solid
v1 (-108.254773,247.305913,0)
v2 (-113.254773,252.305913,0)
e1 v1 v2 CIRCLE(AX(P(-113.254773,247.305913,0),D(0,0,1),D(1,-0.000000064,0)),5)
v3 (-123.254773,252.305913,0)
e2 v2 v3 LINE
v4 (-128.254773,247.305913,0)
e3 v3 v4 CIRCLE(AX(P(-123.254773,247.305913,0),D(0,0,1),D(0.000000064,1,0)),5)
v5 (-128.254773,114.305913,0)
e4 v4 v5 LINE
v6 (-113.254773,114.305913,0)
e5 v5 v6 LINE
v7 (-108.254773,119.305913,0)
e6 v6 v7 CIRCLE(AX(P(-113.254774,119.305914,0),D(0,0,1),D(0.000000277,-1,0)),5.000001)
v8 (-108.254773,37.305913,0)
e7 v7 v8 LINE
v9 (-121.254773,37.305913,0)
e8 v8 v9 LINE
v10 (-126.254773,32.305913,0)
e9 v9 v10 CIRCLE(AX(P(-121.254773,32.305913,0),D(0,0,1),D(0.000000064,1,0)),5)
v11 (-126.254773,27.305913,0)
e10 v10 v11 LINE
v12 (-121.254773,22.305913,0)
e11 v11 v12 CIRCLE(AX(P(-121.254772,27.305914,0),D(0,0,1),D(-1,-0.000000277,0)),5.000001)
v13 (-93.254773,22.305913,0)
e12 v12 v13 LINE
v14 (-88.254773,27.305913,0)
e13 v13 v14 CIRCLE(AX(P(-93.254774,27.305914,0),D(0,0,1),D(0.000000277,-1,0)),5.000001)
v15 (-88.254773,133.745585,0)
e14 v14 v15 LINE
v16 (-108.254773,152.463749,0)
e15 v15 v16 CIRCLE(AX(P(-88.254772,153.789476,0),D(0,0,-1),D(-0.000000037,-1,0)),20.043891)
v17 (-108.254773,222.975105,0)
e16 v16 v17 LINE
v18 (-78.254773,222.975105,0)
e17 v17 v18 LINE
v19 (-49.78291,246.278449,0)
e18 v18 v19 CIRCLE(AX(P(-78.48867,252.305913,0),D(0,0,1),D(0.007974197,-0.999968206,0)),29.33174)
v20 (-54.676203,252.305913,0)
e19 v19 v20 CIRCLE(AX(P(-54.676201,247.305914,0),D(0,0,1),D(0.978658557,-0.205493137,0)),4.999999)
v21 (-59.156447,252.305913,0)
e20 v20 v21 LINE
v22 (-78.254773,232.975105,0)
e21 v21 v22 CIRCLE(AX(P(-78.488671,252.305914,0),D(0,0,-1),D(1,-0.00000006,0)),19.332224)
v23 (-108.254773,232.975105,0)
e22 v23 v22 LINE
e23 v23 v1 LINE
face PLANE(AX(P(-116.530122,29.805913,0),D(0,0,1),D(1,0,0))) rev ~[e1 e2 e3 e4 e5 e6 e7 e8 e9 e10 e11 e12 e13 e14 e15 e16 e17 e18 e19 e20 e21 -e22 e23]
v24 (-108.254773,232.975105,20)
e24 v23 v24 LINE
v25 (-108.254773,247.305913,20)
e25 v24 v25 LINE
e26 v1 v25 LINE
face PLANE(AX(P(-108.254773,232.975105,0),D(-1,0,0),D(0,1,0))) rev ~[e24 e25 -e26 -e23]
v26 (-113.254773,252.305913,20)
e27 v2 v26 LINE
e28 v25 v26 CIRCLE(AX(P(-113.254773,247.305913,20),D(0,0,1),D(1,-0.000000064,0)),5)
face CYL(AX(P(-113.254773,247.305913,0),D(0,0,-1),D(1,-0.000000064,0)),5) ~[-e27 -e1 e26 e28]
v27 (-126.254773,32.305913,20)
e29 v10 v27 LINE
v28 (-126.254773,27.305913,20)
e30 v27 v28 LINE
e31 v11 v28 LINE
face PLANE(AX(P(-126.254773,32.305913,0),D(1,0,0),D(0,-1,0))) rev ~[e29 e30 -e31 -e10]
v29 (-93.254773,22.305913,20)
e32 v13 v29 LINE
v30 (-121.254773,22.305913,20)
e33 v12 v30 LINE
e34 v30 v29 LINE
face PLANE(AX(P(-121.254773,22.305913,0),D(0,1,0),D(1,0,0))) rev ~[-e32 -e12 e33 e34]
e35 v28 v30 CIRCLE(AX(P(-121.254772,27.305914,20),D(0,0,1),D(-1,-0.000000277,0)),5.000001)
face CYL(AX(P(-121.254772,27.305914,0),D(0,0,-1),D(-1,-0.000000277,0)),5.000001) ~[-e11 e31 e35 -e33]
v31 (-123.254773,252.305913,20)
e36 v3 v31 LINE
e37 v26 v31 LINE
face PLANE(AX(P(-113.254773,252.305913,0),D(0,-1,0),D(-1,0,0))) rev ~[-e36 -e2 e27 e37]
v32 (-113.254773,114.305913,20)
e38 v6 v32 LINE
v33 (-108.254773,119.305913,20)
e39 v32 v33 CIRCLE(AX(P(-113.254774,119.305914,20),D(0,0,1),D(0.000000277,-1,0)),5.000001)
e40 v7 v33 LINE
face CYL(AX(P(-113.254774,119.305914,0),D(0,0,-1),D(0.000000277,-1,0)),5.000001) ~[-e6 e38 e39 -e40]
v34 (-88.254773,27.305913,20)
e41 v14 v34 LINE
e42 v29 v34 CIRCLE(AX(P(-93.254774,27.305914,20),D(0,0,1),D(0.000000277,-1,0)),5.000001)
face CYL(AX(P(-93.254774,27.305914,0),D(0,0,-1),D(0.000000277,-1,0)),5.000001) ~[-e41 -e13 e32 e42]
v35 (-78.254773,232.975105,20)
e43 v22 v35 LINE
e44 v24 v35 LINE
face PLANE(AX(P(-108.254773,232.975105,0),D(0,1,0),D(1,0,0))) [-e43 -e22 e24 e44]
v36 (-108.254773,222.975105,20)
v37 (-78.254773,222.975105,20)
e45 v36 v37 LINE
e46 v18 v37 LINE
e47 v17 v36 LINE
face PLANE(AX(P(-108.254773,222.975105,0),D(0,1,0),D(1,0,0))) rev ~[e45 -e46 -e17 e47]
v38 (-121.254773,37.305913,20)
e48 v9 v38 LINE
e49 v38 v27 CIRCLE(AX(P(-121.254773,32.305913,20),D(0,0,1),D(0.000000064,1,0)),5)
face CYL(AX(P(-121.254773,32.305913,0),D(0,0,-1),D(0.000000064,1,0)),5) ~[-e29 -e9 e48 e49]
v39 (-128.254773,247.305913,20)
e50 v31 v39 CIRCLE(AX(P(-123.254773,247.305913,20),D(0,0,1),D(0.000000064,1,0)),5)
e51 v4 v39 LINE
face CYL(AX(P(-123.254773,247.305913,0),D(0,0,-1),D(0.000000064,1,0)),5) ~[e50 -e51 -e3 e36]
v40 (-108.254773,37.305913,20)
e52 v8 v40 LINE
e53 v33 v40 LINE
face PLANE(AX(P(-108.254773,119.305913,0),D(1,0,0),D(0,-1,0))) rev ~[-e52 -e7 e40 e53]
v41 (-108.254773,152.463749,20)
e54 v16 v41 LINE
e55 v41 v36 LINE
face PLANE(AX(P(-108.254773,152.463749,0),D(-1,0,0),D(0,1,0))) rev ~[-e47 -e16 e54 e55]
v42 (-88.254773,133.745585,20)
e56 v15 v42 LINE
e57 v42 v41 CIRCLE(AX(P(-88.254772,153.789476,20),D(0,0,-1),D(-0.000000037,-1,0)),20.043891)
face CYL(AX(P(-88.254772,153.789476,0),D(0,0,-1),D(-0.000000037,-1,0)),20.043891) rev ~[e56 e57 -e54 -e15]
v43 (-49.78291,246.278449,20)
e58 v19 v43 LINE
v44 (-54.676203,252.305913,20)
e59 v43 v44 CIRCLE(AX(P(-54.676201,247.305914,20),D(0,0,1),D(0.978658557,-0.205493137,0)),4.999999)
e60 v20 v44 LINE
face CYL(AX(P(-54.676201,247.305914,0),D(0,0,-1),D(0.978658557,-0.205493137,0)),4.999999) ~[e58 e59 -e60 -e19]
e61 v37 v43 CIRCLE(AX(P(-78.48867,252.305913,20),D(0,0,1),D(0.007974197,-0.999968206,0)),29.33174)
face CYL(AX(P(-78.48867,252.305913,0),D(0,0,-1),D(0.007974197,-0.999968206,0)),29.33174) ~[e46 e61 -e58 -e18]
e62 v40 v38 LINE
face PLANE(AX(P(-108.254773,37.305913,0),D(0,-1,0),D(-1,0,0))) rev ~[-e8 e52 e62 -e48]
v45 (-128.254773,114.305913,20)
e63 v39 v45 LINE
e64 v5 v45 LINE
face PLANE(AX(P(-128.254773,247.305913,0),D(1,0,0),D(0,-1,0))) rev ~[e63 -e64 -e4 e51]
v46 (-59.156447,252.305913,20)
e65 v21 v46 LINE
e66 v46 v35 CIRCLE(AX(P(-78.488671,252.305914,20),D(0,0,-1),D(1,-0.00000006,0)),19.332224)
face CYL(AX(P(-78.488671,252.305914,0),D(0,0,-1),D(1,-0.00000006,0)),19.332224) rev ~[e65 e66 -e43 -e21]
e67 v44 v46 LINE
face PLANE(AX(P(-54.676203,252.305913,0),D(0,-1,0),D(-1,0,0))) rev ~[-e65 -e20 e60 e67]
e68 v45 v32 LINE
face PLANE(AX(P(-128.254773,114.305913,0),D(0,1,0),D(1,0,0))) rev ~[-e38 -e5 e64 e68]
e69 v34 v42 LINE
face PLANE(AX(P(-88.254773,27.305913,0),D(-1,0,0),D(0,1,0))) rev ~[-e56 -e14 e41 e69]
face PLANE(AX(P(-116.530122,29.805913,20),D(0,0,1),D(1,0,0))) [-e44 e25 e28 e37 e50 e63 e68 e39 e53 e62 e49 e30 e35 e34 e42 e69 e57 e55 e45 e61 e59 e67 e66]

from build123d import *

# Parameters (mm, degrees)
F0_W     = 30
F0_H     = 10
F1_DEPTH = 20


with BuildPart() as f1:
    # F0 (on Top) → F1 (new body)
    with BuildSketch(Plane.XY):
        with BuildLine():
            Line((-108.254773, 37.305913), (-121.254773, 37.305913))
            ThreePointArc((-121.254773, 37.305913), (-124.790307, 35.841447), (-126.254773, 32.305913))
            Line((-126.254773, 32.305913), (-126.254773, 27.305913))
            ThreePointArc((-126.254773, 27.305913), (-124.790307, 23.77038), (-121.254773, 22.305913))
            Line((-121.254773, 22.305913), (-108.254773, 22.305913))
            Line((-108.254773, 22.305913), (-108.254773, 37.305913))
        make_face()
        with BuildLine():
            Line((-78.254773, 232.975105), (-78.254773, 222.975105))
            ThreePointArc((-78.254773, 222.975105), (-59.910796, 229.607596), (-49.78291, 246.278449))
            ThreePointArc((-49.78291, 246.278449), (-50.794365, 250.457316), (-54.676203, 252.305913))
            Line((-54.676203, 252.305913), (-59.156447, 252.305913))
            ThreePointArc((-59.156447, 252.305913), (-64.736278, 238.718914), (-78.254773, 232.975105))
        make_face()
        with BuildLine():
            Line((-108.254773, 152.463749), (-108.254773, 129.305913))
            Line((-108.254773, 129.305913), (-88.254773, 129.305913))
            Line((-88.254773, 129.305913), (-88.254773, 133.745585))
            ThreePointArc((-88.254773, 133.745585), (-101.951211, 139.155094), (-108.254773, 152.463749))
        make_face()
        with BuildLine():
            ThreePointArc((-113.254773, 114.305913), (-109.719239, 115.77038), (-108.254773, 119.305913))
            Line((-108.254773, 119.305913), (-108.254773, 129.305913))
            Line((-108.254773, 129.305913), (-128.254773, 129.305913))
            Line((-128.254773, 129.305913), (-128.254773, 114.305913))
            Line((-128.254773, 114.305913), (-113.254773, 114.305913))
        make_face()
        with Locations((-93.254773, 227.975105)):
            Rectangle(F0_W, F0_H)
        with BuildLine():
            Line((-108.254773, 119.305913), (-108.254773, 37.305913))
            Line((-108.254773, 37.305913), (-108.254773, 22.305913))
            Line((-108.254773, 22.305913), (-93.254773, 22.305913))
            ThreePointArc((-93.254773, 22.305913), (-89.719239, 23.77038), (-88.254773, 27.305913))
            Line((-88.254773, 27.305913), (-88.254773, 129.305913))
            Line((-88.254773, 129.305913), (-108.254773, 129.305913))
            Line((-108.254773, 129.305913), (-108.254773, 119.305913))
        make_face()
        with BuildLine():
            Line((-128.254773, 129.305913), (-108.254773, 129.305913))
            Line((-108.254773, 129.305913), (-108.254773, 152.463749))
            Line((-108.254773, 152.463749), (-108.254773, 222.975105))
            Line((-108.254773, 222.975105), (-108.254773, 232.975105))
            Line((-108.254773, 232.975105), (-108.254773, 247.305913))
            ThreePointArc((-108.254773, 247.305913), (-109.719239, 250.841447), (-113.254773, 252.305913))
            Line((-113.254773, 252.305913), (-123.254773, 252.305913))
            ThreePointArc((-123.254773, 252.305913), (-126.790307, 250.841447), (-128.254773, 247.305913))
            Line((-128.254773, 247.305913), (-128.254773, 129.305913))
        make_face()
    extrude(amount=F1_DEPTH)


solid = f1.part
